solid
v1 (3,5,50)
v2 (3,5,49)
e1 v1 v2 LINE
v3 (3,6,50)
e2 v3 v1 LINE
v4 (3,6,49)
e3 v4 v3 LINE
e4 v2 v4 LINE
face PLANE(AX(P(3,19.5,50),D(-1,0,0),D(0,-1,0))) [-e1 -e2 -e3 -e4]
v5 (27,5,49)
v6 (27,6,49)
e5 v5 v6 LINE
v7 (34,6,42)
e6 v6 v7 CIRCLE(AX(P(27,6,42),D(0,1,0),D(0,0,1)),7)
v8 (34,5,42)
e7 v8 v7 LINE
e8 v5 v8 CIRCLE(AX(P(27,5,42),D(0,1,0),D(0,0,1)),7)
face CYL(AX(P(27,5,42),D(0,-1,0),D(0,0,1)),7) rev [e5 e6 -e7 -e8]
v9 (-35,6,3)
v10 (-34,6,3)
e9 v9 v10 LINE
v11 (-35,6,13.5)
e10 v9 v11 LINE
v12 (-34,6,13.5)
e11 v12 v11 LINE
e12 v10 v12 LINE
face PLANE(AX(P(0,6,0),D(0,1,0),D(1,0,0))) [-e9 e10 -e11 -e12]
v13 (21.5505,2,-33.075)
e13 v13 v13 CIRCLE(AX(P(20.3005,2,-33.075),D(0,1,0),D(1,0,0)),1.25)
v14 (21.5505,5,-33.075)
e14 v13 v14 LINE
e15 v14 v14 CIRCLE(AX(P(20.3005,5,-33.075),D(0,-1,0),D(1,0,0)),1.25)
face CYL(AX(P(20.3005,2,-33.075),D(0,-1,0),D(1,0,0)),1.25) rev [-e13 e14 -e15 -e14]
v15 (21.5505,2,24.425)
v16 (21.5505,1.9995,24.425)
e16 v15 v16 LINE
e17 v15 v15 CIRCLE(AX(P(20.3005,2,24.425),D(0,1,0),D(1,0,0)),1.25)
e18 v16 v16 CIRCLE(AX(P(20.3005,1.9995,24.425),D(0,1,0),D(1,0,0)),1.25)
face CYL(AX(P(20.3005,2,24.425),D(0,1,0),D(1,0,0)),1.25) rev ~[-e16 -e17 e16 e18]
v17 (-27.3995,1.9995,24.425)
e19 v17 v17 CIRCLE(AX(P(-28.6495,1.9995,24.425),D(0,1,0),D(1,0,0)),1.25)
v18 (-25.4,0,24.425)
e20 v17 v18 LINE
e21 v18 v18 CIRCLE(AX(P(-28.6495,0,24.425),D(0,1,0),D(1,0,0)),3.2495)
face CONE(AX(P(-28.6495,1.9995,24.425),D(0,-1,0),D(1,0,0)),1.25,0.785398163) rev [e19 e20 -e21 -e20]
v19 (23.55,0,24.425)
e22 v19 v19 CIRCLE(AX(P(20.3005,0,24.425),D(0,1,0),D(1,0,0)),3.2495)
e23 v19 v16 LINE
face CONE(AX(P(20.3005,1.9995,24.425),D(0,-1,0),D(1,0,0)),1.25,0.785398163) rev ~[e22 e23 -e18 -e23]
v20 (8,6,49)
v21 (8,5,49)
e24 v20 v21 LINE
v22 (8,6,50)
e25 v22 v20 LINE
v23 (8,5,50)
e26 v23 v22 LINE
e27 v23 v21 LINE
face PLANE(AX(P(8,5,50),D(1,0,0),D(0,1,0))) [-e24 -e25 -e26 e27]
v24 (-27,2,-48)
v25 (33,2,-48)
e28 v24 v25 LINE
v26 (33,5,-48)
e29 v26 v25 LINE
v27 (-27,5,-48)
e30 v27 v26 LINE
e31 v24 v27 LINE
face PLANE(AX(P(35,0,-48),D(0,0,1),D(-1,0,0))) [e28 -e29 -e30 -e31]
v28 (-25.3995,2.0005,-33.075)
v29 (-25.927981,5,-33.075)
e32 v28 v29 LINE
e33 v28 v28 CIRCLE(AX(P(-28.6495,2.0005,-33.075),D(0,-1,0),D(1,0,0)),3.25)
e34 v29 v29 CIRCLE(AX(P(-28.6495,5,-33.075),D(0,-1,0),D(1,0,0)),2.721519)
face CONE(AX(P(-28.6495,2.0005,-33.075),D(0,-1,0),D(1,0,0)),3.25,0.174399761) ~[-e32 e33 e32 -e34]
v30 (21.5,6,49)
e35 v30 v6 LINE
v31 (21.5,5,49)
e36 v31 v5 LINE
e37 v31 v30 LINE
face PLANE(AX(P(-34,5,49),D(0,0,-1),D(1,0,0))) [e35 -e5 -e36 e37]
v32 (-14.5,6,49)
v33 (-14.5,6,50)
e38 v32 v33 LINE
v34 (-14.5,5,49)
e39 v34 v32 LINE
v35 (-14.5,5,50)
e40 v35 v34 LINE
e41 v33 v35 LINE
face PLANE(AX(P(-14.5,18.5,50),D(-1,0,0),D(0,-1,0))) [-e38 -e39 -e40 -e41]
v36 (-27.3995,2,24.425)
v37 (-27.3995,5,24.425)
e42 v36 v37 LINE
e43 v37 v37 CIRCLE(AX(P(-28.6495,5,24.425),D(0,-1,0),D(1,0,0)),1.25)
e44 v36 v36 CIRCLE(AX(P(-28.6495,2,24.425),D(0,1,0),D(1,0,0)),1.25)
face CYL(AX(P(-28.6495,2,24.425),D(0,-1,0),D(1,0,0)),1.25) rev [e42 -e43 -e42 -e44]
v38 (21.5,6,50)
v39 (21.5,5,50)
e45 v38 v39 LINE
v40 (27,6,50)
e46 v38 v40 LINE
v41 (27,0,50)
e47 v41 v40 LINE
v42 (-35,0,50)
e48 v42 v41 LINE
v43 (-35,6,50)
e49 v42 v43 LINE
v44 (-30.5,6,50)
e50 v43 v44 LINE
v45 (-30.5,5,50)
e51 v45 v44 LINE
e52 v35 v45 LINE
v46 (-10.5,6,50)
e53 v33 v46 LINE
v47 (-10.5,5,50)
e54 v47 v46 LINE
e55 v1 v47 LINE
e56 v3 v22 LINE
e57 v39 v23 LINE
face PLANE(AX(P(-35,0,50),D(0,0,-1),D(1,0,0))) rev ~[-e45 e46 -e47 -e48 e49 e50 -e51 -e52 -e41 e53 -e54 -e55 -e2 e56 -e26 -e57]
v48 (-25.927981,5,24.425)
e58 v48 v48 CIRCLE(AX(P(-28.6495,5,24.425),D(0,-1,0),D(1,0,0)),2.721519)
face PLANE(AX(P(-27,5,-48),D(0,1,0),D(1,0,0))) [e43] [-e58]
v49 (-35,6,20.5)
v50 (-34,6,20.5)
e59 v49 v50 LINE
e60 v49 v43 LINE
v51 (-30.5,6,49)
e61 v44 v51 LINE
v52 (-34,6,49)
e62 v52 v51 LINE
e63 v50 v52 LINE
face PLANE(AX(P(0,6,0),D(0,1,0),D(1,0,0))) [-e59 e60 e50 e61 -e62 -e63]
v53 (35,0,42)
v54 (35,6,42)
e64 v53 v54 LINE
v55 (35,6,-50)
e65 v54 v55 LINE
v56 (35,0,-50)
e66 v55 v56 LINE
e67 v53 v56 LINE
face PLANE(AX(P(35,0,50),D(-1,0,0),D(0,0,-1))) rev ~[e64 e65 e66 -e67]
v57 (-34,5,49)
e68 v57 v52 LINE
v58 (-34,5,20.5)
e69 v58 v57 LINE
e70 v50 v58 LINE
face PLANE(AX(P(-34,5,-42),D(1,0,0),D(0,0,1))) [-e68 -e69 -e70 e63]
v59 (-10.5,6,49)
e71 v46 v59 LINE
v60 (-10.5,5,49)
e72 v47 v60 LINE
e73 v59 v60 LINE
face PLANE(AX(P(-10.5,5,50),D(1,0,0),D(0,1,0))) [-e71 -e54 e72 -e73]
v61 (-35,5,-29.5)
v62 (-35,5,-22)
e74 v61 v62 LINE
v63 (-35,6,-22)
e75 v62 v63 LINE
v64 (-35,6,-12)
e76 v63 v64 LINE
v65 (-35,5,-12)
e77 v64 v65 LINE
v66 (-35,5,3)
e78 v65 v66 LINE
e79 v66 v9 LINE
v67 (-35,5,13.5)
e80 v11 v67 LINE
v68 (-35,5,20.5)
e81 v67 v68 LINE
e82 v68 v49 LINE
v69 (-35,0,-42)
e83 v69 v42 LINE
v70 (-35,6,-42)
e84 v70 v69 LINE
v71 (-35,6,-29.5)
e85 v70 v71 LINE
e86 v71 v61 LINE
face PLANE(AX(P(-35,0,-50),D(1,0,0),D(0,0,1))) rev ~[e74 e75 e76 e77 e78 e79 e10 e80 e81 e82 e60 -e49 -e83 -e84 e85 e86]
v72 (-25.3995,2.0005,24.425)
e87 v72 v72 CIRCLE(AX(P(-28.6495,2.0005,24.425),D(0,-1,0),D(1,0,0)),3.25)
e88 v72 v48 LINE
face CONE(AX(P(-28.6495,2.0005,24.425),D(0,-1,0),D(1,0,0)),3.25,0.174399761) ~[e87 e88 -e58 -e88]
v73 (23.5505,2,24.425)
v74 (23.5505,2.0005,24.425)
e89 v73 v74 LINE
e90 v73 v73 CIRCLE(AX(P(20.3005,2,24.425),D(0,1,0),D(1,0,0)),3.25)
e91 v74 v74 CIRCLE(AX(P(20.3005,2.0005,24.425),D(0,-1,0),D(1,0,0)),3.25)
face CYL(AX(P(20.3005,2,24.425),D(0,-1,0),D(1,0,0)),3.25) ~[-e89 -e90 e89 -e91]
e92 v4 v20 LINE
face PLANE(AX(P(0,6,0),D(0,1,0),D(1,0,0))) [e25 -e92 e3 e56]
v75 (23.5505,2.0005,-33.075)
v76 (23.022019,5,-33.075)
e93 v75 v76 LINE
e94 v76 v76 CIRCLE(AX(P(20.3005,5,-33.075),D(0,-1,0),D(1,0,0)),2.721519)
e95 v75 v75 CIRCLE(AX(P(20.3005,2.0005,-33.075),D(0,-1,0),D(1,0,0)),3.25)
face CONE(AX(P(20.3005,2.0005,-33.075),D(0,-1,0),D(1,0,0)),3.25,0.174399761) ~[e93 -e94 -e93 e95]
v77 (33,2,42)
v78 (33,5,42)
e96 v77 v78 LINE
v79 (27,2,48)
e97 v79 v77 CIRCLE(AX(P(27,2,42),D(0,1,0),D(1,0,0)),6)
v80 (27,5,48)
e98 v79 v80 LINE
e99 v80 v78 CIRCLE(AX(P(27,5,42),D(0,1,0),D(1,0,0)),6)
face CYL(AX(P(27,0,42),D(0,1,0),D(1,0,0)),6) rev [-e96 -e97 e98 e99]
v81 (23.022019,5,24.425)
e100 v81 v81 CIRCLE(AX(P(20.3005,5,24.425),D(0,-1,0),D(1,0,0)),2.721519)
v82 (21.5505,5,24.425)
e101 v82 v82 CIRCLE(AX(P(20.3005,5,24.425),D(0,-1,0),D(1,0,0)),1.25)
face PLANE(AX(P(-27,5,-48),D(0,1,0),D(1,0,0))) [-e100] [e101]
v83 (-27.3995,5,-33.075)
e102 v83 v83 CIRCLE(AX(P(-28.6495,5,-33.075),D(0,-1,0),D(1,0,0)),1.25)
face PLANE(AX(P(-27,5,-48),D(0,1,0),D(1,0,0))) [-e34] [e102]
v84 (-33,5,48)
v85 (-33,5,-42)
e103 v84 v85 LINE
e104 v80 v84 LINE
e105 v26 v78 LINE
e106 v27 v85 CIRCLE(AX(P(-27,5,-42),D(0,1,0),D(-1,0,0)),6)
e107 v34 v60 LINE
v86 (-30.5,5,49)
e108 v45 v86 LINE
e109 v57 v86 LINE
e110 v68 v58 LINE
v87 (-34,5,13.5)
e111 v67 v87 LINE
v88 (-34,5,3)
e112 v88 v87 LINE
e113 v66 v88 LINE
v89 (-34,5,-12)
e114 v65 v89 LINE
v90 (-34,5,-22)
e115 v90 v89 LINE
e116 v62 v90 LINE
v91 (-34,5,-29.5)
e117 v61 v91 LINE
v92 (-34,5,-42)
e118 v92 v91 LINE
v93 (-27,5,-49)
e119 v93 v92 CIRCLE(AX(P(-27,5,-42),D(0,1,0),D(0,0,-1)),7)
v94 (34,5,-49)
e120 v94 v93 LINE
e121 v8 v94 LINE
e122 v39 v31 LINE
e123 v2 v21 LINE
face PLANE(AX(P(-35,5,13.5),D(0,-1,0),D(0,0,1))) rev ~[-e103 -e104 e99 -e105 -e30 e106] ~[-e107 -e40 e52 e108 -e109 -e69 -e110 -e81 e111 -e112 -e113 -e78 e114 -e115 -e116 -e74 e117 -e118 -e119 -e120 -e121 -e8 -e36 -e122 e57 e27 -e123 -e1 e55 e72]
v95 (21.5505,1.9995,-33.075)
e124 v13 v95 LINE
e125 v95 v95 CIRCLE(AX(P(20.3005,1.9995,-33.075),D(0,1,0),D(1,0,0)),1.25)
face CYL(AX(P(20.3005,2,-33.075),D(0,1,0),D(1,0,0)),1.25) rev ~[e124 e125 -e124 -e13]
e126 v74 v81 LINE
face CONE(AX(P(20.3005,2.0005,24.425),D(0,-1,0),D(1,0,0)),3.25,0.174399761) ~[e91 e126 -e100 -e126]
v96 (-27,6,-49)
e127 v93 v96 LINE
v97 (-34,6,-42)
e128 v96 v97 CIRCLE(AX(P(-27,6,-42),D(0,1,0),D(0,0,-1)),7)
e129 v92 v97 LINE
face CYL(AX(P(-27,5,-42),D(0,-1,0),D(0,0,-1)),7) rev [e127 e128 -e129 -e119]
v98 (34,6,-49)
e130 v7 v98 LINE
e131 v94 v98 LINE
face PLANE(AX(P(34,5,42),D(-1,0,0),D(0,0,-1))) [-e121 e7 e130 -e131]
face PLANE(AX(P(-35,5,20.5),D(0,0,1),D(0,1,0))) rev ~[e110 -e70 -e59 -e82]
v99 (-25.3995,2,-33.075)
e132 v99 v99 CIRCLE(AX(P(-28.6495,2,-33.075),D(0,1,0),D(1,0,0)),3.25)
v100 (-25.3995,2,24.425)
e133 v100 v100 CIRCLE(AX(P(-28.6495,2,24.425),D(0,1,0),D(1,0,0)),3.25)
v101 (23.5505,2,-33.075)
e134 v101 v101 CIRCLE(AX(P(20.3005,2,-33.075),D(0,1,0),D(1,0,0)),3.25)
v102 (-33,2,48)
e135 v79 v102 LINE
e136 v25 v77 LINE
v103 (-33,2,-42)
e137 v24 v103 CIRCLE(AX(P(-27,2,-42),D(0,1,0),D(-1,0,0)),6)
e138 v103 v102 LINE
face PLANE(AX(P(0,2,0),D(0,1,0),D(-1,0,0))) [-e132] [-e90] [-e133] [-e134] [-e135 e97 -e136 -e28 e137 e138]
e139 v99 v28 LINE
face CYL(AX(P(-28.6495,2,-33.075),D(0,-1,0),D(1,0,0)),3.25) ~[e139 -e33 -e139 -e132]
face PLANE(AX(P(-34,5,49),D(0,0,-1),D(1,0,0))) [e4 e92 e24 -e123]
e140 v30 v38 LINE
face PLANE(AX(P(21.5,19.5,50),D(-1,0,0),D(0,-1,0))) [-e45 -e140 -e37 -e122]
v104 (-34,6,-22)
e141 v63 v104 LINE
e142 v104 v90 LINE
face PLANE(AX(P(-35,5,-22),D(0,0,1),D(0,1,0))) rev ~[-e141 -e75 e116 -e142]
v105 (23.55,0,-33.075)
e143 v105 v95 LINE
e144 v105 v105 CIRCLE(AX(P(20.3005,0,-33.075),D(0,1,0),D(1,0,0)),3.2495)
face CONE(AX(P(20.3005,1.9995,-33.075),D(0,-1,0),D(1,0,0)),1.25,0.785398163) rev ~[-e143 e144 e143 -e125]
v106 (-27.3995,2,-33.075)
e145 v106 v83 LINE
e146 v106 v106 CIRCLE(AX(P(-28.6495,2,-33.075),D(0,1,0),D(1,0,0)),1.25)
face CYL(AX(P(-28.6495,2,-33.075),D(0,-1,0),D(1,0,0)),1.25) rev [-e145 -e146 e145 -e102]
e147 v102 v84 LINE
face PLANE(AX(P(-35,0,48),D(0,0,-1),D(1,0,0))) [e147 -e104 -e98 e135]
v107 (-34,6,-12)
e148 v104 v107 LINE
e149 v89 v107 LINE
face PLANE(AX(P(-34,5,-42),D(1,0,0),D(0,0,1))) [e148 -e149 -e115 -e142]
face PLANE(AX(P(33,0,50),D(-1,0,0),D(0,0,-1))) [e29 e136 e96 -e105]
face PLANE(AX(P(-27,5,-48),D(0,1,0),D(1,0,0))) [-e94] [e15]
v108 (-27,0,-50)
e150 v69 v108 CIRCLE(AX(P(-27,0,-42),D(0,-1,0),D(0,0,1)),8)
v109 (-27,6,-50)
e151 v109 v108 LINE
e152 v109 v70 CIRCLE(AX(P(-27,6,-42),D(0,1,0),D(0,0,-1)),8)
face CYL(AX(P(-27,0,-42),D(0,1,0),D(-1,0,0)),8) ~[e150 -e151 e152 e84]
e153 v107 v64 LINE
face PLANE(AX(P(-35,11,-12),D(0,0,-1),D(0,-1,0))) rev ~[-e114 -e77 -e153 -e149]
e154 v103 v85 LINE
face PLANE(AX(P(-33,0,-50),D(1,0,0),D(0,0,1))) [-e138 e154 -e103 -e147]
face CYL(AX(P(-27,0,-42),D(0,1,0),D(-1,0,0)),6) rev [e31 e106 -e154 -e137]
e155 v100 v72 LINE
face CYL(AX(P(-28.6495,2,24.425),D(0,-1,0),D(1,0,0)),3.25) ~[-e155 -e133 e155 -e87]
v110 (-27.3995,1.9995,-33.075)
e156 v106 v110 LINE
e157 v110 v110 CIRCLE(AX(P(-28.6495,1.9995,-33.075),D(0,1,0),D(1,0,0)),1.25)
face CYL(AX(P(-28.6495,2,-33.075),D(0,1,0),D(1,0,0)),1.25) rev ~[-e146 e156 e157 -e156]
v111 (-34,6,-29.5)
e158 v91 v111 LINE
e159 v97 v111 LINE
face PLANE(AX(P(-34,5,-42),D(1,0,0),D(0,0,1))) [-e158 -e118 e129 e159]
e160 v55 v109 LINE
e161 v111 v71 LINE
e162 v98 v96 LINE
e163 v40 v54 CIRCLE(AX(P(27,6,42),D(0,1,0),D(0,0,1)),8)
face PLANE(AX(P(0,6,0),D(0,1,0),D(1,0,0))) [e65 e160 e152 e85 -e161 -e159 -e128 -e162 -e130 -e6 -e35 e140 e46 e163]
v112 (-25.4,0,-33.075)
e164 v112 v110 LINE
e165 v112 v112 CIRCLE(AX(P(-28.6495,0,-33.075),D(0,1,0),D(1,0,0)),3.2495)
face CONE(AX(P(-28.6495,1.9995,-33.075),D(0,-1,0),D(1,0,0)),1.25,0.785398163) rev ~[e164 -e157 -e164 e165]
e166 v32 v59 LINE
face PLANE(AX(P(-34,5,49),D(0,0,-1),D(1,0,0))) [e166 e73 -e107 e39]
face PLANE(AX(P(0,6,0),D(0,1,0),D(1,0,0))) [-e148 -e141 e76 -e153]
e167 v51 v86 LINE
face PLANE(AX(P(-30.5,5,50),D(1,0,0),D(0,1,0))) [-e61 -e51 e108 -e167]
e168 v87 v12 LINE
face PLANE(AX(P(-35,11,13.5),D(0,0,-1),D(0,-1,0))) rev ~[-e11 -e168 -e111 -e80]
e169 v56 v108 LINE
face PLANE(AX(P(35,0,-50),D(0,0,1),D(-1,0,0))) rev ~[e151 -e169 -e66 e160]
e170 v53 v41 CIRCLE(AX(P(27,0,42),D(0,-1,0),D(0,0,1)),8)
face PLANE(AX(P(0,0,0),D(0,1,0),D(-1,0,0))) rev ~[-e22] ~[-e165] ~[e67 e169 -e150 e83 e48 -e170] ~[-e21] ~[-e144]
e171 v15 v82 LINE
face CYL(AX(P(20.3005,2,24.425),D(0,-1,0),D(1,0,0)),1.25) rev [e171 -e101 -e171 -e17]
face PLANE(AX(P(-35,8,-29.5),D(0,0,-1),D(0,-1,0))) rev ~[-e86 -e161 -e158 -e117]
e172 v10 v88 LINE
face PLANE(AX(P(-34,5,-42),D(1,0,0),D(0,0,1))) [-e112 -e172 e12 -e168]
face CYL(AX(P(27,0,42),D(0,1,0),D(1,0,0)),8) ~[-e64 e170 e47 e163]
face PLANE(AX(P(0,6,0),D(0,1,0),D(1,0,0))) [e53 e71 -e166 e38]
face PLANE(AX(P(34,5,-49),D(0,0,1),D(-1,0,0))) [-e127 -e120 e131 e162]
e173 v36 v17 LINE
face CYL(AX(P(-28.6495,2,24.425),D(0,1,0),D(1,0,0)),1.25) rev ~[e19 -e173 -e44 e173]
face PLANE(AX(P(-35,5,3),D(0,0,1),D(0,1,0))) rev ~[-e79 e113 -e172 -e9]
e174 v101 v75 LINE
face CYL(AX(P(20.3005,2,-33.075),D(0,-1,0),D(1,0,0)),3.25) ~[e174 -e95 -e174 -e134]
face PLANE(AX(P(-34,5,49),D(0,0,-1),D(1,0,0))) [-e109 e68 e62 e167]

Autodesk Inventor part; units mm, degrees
ref_plane "YZ Plane" through (0, 0, 0) normal (1, 0, 0) x (0, 1, 0)
ref_plane "XZ Plane" through (0, 0, 0) normal (0, 1, 0) x (-1, 0, 0)
ref_plane "XY Plane" through (0, 0, 0) normal (0, 0, 1) x (1, 0, 0)
sketch "base" plane through (0, 0, 0) normal (0, 1, 0) x (-1, 0, 0)
  line L0 (35, 50) -> (-35, 50)
  line L1 (-35, 50) -> (-35, -50)
  line L2 (-35, -50) -> (35, -50)
  line L3 (35, -50) -> (35, 50)
  point P0 (0, 0)
  point P1 (0, 0)
  dimension "d0" = 70
  dimension "d1" = 100
  dimension "d2" = 50
  dimension "d3" = 35
  dimension "d4" = 0
  dimension "d5" = 0
extrude "baseBody" add sketch "base" along normal blind 5
fillet "filletBaseBody" radius 8 2 edges at (-35, 2.5, -50) (35, 2.5, 50)
shell "shellBaseBody" thickness 2 removed faces 1 at (11.6667, 5, -16.6667)
sketch "baseBorderCase" plane through (0, 5, 0) normal (0, 1, 0) x (1, 0, 0)
  line L0 (-35, -50) -> (27, -50)
  line L1 (35, -42) -> (35, 50)
  line L2 (35, 50) -> (-27, 50)
  line L3 (-35, 42) -> (-35, -50)
  arc A0 (-27, 50) -> (-35, 42) centre (-27, 42) ccw
  arc A1 (27, -50) -> (35, -42) centre (27, -42) ccw
  line L4 (-34, -49) -> (27, -49)
  arc A2 (27, -49) -> (34, -42) centre (27, -42) ccw
  line L5 (34, -42) -> (34, 49)
  line L6 (34, 49) -> (-27, 49)
  arc A3 (-27, 49) -> (-34, 42) centre (-27, 42) ccw
  line L7 (-34, 42) -> (-34, -49)
  point P0 (0, 0)
  dimension "d10" = 8
  dimension "d11" = 1
extrude "borderCase" add sketch "baseBorderCase" along normal blind 1
sketch "baseFrontHoles" plane through (-35, 0, 50) normal (0, 0, 1) x (1, 0, 0)
  line L0 (2, 2) -> (2, 5)
  line L1 (2, 2) -> (2, 5) projected
  line L2 (2, 5) -> (4.5, 5)
  line L3 (4.5, 5) -> (4.5, 18.5)
  line L4 (4.5, 18.5) -> (20.5, 18.5)
  line L5 (20.5, 18.5) -> (20.5, 5)
  line L6 (20.5, 5) -> (4.5, 5)
  line L7 (20.5, 5) -> (24.5, 5)
  line L8 (24.5, 5) -> (24.5, 19.5)
  line L9 (24.5, 19.5) -> (38, 19.5)
  line L10 (38, 19.5) -> (38, 5)
  line L11 (38, 5) -> (24.5, 5)
  line L12 (38, 5) -> (43, 5)
  line L13 (43, 5) -> (43, 19.5)
  line L14 (43, 19.5) -> (56.5, 19.5)
  line L15 (56.5, 19.5) -> (56.5, 5)
  line L16 (56.5, 5) -> (43, 5)
  point P0 (35, 0)
  dimension "d14" = 3
  dimension "d15" = 2.5
  dimension "d16" = 13.5
  dimension "d17" = 16
  dimension "d18" = 13.5
  dimension "d19" = 16
  dimension "d20" = 4
  dimension "d21" = 14.5
  dimension "d22" = 13.5
  dimension "d23" = 14.5
  dimension "d24" = 13.5
  dimension "d25" = 5
  dimension "d26" = 14.5
  dimension "d27" = 13.5
  dimension "d28" = 14.5
extrude "frontHoles" cut sketch "baseFrontHoles" against normal up to surface (2 mm away)
sketch "baseLateralHoles" plane through (-35, 0, -42) normal (-1, 0, 0) x (0, 0, 1)
  line L0 (90, 2) -> (90, 5)
  line L1 (90, 2) -> (90, 5) projected
  line L2 (90, 5) -> (62.5, 5)
  line L3 (62.5, 5) -> (62.5, 11)
  line L4 (62.5, 11) -> (55.5, 11)
  line L5 (55.5, 11) -> (55.5, 5)
  line L6 (55.5, 5) -> (62.5, 5)
  line L7 (55.5, 5) -> (45, 5)
  line L8 (45, 5) -> (45, 11)
  line L9 (45, 11) -> (30, 11)
  line L10 (30, 11) -> (30, 5)
  line L11 (30, 5) -> (45, 5)
  line L12 (30, 5) -> (20, 5)
  line L13 (20, 5) -> (20, 8)
  line L14 (20, 8) -> (12.5, 8)
  line L15 (12.5, 8) -> (12.5, 5)
  line L16 (12.5, 5) -> (20, 5)
  point P0 (42, 0)
  dimension "d31" = 3
  dimension "d32" = 27.5
  dimension "d33" = 6
  dimension "d34" = 7
  dimension "d35" = 10.5
  dimension "d36" = 6
  dimension "d37" = 15
  dimension "d38" = 10
  dimension "d39" = 3
  dimension "d40" = 7.5
extrude "lateralHoles" cut sketch "baseLateralHoles" against normal up to surface (2 mm away)
sketch "baseScrewHolders" plane through (-27, 2, -48) normal (0, 1, 0) x (1, 0, 0)
  line L0 (-1.6495, -96) -> (-1.6495, -72.425)
  circle A0 centre (-1.6495, -72.425) radius 1.25
  line L1 (-1.6495, -72.425) -> (47.3005, -72.425)
  line L2 (47.3005, -72.425) -> (47.3005, -14.925)
  line L3 (47.3005, -14.925) -> (-1.6495, -14.925)
  line L4 (-1.6495, -14.925) -> (-1.6495, -72.425)
  circle A1 centre (47.3005, -72.425) radius 1.25
  circle A2 centre (47.3005, -14.925) radius 1.25
  circle A3 centre (-1.6495, -14.925) radius 1.25
  circle A4 centre (-1.6495, -14.925) radius 3.25
  circle A5 centre (47.3005, -14.925) radius 3.25
  circle A6 centre (47.3005, -72.425) radius 3.25
  circle A7 centre (-1.6495, -72.425) radius 3.25
  point P0 (27, -48)
  point P1 (-6, -96)
  dimension "d44" = 23.575
  dimension "d45" = 2.5
  dimension "d46" = 48.95
  dimension "d47" = 57.5
  dimension "d48" = 2.5
  dimension "d49" = 2.5
  dimension "d50" = 2.5
  dimension "d51" = 6.5
  dimension "d52" = 6.5
  dimension "d53" = 6.5
  dimension "d54" = 6.5
  dimension "d74" = 4.3505
extrude "screwHolders" add sketch "baseScrewHolders" along normal blind 3 contours A7 L4 A0 L0 | L0 A0 L1 A7 | A7 L1 A0 L4 | A4 L3 A3 L4 | L4 A3 L3 A4 | A6 L2 A1 L1 | L1 A1 L2 A6 | A5 L2 A2 L3 | L3 A2 L2 A5
extrude "screwHoles" cut sketch "baseScrewHolders" against normal up to next contours A0 L4 L0 | L0 L1 A0 | L4 A0 L1 | A3 L3 L4 | L4 L3 A3 | A1 L2 L1 | L1 L2 A1 | A2 L2 L3 | L3 L2 A2
chamfer "screwHolderChamfler1" distance 3 angle 10 1 edges at (-31.8995, 5, -33.075) measured on face at (-25.41, 4, -32.8135)
chamfer "screwHolderChamfler2" distance 3 angle 10 1 edges at (17.0505, 5, -33.075) measured on face at (23.54, 4, -32.8135)
chamfer "screwHolderChamfler3" distance 3 angle 10 1 edges at (17.0505, 5, 24.425) measured on face at (23.54, 4, 24.6865)
chamfer "screwHolderChamfler4" distance 3 angle 10 1 edges at (-31.8995, 5, 24.425) measured on face at (-25.41, 4, 24.6865)
chamfer "Chamfer5" distance 2 angle 45 4 edges at (19.0505, 0, 24.425) (-29.8995, 0, 24.425) (-29.8995, 0, -33.075) (19.0505, 0, -33.075)
equation "\"d48\" = d45"
equation "\"d49\" = d48"
equation "\"d50\" = d49"
equation "\"d51\" = d52"
equation "\"d52\" = d53"
equation "\"d53\" = d54"
properties part number "bottom"
